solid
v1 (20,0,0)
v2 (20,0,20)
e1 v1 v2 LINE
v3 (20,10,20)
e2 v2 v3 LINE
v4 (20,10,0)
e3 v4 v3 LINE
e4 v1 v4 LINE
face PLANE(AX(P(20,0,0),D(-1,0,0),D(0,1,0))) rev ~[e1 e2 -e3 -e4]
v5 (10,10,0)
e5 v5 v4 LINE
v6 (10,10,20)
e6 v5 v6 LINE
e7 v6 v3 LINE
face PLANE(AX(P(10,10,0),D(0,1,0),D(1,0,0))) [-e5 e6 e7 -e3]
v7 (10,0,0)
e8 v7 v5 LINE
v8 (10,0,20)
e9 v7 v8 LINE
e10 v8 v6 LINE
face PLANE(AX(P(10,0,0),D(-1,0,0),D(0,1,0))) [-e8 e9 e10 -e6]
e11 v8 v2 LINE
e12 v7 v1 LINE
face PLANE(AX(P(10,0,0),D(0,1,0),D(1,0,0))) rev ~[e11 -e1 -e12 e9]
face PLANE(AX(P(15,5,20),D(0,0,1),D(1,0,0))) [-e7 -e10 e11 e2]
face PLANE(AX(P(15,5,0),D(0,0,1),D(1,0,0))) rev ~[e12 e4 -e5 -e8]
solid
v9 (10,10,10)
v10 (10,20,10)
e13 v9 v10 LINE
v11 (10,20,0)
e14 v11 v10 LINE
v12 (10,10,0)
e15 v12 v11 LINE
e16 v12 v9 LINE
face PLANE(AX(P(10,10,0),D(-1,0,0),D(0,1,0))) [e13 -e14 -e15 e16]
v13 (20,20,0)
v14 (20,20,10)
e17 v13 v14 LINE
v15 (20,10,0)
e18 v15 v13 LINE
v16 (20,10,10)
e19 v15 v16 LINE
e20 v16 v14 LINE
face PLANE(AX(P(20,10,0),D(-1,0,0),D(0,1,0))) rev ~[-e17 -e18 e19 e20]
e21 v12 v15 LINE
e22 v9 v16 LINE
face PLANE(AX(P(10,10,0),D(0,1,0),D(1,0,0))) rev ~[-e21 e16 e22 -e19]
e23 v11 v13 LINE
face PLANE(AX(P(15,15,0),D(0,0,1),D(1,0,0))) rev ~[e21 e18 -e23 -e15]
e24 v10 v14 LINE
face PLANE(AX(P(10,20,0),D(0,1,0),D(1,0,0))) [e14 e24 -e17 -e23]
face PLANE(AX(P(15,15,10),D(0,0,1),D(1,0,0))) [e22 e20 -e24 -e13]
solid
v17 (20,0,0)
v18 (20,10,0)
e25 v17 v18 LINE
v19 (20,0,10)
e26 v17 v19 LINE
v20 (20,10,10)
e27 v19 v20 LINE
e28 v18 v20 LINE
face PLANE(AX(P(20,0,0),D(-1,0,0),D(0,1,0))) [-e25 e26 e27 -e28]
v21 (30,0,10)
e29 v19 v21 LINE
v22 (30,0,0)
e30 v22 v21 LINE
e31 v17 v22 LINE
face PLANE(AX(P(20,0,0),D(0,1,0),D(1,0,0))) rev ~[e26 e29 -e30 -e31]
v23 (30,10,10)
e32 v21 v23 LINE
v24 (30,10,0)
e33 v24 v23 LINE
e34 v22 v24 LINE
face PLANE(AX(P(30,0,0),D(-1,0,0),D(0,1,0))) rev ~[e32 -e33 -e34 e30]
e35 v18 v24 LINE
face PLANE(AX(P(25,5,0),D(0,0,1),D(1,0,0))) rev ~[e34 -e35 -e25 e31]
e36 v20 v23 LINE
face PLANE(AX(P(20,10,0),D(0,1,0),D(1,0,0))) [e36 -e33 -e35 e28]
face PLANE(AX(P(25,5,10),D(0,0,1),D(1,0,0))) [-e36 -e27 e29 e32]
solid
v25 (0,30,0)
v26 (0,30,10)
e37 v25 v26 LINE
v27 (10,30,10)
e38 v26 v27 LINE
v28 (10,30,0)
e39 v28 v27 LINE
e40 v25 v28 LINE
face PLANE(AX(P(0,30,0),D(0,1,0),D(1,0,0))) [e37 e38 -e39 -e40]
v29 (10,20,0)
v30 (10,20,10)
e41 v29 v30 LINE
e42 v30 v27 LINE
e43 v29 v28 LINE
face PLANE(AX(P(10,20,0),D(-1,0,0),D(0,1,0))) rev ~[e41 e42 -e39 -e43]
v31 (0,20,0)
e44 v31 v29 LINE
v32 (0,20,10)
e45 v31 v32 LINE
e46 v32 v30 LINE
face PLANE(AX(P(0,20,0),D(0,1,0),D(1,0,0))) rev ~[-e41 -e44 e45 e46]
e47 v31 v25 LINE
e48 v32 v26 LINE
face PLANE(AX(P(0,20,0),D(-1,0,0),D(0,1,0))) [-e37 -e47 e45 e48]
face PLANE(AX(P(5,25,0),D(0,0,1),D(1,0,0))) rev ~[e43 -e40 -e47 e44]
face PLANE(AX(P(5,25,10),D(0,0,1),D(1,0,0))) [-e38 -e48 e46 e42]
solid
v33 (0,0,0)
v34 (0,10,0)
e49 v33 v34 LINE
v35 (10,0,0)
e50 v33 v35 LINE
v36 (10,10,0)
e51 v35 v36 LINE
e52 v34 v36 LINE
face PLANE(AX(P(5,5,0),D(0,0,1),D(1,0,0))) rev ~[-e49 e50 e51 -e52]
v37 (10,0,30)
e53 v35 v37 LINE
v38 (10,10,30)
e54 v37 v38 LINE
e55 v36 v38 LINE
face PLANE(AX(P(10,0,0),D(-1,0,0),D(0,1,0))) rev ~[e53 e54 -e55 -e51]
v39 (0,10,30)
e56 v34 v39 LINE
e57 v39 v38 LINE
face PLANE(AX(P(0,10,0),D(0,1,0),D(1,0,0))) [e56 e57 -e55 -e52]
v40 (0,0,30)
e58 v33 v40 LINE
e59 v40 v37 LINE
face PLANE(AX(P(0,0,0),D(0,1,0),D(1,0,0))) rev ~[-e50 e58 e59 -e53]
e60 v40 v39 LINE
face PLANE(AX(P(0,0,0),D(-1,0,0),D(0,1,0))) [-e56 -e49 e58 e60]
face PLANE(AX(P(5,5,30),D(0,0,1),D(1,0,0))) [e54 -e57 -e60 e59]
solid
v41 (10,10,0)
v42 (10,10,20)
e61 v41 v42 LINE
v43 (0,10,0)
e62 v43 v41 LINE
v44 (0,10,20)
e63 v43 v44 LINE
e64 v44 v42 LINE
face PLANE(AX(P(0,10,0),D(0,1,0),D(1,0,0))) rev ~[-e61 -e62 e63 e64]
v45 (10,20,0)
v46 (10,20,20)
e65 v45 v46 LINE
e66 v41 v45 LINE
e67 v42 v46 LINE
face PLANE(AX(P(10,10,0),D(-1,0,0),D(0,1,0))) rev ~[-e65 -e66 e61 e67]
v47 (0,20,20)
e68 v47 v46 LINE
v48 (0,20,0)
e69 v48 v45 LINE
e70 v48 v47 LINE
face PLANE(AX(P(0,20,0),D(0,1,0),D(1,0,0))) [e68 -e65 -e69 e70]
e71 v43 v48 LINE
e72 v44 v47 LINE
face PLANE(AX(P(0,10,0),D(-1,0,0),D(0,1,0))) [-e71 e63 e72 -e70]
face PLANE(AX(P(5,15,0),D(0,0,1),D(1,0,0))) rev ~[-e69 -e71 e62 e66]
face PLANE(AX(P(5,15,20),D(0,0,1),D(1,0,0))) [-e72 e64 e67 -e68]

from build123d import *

# Parameters (mm, degrees)
BOX_W        = 10
BOX_H        = 10
BOX_DEPTH    = 30
BOX001_W     = 10
BOX001_H     = 10
BOX001_DEPTH = 20
BOX002_W     = 10
BOX002_H     = 10
BOX002_DEPTH = 20
BOX003_W     = 10
BOX003_H     = 10
BOX003_DEPTH = 10
BOX004_W     = 10
BOX004_H     = 10
BOX004_DEPTH = 10
BOX005_W     = 10
BOX005_H     = 10
BOX005_DEPTH = 10


with BuildPart() as cube:
    # Box → Box (new body)
    with BuildSketch(Plane.XY):
        with Locations((5, 5)):
            Rectangle(BOX_W, BOX_H)
    extrude(amount=BOX_DEPTH)


with BuildPart() as cube001:
    # Box001 → Box001 (new body)
    with BuildSketch(Plane(origin=(10, 0, 0), x_dir=(1, 0, 0), z_dir=(0, 0, 1))):
        with Locations((5, 5)):
            Rectangle(BOX001_W, BOX001_H)
    extrude(amount=BOX001_DEPTH)


with BuildPart() as cube002:
    # Box002 → Box002 (new body)
    with BuildSketch(Plane(origin=(0, 10, 0), x_dir=(1, 0, 0), z_dir=(0, 0, 1))):
        with Locations((5, 5)):
            Rectangle(BOX002_W, BOX002_H)
    extrude(amount=BOX002_DEPTH)


with BuildPart() as cube003:
    # Box003 → Box003 (new body)
    with BuildSketch(Plane(origin=(0, 20, 0), x_dir=(1, 0, 0), z_dir=(0, 0, 1))):
        with Locations((5, 5)):
            Rectangle(BOX003_W, BOX003_H)
    extrude(amount=BOX003_DEPTH)


with BuildPart() as cube004:
    # Box004 → Box004 (new body)
    with BuildSketch(Plane(origin=(20, 0, 0), x_dir=(1, 0, 0), z_dir=(0, 0, 1))):
        with Locations((5, 5)):
            Rectangle(BOX004_W, BOX004_H)
    extrude(amount=BOX004_DEPTH)


with BuildPart() as cube005:
    # Box005 → Box005 (new body)
    with BuildSketch(Plane(origin=(10, 10, 0), x_dir=(1, 0, 0), z_dir=(0, 0, 1))):
        with Locations((5, 5)):
            Rectangle(BOX005_W, BOX005_H)
    extrude(amount=BOX005_DEPTH)


solid = Compound([cube.part, cube001.part, cube002.part, cube003.part, cube004.part, cube005.part])
